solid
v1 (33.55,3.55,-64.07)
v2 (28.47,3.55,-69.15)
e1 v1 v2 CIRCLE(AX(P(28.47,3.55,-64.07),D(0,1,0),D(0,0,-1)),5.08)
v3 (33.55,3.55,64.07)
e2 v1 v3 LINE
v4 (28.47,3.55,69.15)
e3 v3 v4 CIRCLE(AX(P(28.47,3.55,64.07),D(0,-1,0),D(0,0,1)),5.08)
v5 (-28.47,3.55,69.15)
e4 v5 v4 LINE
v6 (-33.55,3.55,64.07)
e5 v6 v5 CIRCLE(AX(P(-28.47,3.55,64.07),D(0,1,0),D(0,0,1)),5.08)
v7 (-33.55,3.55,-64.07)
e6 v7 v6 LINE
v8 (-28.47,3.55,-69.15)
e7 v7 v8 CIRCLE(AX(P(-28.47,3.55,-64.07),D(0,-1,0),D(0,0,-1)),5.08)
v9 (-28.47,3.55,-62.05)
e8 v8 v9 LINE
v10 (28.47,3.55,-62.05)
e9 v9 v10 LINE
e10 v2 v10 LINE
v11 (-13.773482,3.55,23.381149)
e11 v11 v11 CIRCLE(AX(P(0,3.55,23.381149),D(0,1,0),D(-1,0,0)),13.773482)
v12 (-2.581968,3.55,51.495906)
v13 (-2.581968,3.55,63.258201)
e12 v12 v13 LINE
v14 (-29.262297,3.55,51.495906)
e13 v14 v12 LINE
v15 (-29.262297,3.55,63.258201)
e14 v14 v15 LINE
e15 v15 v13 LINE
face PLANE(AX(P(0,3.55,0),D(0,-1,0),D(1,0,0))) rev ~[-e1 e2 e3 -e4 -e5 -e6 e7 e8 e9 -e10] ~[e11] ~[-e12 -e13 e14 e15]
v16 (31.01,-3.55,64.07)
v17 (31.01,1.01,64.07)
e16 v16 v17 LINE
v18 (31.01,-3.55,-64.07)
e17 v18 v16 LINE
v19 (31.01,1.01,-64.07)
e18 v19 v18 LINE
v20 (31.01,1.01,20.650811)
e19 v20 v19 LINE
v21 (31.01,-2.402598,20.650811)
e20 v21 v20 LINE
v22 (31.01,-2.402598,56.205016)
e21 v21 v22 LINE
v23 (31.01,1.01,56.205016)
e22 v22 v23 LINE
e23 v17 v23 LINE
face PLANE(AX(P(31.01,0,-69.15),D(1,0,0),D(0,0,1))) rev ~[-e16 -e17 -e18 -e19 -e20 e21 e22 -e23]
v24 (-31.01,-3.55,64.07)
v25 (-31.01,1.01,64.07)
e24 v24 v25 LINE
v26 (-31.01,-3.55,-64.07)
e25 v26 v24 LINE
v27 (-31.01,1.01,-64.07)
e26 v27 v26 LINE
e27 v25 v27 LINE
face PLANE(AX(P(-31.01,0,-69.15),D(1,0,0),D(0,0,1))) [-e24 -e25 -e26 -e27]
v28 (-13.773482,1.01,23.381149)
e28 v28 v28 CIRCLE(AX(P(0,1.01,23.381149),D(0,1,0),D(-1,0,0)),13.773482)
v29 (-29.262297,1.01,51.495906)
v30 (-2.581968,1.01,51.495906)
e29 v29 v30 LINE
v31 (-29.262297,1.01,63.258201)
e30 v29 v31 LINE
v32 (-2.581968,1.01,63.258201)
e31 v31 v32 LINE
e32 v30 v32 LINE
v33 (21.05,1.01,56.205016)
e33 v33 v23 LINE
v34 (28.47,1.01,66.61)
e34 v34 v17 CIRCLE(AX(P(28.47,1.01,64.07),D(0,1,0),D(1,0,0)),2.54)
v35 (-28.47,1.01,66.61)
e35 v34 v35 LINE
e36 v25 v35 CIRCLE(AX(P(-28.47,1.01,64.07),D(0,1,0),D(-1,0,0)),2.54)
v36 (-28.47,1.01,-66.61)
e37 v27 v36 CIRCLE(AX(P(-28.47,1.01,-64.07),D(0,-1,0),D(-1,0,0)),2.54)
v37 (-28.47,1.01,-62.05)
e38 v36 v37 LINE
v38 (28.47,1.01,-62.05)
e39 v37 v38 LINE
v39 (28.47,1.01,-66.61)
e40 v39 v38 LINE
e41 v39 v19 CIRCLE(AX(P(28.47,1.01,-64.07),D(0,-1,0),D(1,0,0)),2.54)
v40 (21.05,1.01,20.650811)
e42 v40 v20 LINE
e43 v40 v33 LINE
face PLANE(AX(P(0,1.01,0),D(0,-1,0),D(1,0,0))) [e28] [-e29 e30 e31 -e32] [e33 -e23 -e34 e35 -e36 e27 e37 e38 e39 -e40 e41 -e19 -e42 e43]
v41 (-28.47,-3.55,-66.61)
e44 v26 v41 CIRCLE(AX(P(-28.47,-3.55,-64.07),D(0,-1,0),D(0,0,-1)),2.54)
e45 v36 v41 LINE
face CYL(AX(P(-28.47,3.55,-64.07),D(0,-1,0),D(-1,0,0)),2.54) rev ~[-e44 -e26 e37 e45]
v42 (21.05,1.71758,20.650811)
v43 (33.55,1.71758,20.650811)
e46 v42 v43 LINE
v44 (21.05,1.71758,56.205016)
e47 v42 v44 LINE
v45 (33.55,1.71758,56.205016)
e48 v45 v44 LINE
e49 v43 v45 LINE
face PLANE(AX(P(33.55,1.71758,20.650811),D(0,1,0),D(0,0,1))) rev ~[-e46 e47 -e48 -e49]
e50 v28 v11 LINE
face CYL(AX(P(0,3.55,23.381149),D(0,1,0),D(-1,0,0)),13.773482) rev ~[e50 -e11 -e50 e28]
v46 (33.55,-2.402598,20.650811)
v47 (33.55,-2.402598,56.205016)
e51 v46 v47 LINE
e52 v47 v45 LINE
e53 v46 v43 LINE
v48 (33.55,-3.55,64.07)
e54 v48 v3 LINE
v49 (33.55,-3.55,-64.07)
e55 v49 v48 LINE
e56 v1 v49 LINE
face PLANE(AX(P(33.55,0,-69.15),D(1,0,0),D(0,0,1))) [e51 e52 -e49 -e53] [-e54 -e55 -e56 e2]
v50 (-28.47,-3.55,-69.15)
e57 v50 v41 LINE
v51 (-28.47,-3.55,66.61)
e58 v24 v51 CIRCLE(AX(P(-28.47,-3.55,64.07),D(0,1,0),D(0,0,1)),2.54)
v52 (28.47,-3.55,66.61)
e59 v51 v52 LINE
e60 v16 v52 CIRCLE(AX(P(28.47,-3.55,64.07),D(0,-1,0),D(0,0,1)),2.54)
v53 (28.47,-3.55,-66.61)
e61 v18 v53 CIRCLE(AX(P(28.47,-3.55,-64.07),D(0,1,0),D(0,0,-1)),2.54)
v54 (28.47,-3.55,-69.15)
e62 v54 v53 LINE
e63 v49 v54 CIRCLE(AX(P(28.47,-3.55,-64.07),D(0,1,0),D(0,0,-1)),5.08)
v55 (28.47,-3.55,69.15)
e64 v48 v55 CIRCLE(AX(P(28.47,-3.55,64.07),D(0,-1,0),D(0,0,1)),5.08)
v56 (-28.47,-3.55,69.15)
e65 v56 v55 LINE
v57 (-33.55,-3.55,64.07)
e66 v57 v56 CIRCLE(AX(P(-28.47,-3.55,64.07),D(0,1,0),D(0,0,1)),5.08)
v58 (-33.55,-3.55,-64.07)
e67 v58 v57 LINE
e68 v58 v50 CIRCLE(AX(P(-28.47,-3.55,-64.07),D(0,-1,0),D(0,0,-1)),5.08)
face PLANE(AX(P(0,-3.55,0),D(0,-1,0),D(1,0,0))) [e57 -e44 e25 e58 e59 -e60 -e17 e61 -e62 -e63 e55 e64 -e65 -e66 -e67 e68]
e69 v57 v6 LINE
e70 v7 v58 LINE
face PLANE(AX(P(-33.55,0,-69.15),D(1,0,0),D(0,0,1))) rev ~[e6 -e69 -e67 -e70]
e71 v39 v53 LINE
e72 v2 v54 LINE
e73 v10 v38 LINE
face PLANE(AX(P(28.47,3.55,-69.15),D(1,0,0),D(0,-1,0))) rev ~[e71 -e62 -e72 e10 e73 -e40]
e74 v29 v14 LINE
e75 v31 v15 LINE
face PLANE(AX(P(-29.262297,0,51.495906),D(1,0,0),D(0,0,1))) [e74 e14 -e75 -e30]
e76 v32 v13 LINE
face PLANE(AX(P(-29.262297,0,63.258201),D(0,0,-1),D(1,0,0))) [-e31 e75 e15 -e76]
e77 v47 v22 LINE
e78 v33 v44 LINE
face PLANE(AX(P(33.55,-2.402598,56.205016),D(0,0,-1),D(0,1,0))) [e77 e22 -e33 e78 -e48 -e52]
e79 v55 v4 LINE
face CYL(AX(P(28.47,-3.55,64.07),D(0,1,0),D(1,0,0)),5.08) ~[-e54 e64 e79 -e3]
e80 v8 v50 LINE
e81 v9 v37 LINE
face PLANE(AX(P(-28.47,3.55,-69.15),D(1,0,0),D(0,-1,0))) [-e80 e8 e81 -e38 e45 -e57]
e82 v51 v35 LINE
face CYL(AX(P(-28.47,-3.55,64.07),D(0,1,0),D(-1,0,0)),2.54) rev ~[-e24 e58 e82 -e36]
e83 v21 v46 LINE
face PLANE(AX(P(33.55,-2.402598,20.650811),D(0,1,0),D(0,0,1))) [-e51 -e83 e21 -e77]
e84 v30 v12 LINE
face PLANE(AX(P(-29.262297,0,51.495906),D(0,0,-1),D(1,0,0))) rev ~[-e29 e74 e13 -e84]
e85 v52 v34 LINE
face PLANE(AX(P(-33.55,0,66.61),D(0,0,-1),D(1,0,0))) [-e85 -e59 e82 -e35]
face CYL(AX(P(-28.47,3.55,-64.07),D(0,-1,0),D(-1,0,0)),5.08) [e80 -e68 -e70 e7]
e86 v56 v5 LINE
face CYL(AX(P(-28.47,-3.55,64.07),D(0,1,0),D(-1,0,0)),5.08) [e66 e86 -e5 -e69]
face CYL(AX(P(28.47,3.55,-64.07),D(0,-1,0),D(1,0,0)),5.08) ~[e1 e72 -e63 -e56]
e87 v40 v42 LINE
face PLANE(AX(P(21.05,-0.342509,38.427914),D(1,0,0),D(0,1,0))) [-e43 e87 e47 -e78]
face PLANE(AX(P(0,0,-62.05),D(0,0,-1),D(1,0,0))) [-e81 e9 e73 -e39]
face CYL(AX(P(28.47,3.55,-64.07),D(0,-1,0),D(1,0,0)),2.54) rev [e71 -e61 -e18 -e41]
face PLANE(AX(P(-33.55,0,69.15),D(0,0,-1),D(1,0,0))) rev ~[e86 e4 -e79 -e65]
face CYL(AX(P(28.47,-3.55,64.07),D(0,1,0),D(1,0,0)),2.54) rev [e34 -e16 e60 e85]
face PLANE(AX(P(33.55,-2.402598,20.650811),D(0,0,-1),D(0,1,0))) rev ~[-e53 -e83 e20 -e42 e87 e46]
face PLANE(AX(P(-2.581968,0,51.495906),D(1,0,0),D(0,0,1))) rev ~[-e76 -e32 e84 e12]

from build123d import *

# Parameters (mm, degrees)
F0_W      = 67.1
F0_H      = 138.3
F1_DEPTH  = 3.55
F2_R      = 5.08
F3_T      = -2.54
F1_FACE_W = 56.94
F1_FACE_H = 7.1
F4_DEPTH  = 7.1
F5_W      = 26.680329
F5_H      = 11.762295
F6_DEPTH  = 25
F7_R      = 13.773482
F8_DEPTH  = 12.5
F9_W      = 4.120178
F9_H      = 35.554205
F10_DEPTH = 12.5


with BuildPart() as f1:
    # F0 (on Front) → F1 (new body, symmetric)
    with BuildSketch(Plane.XZ):
        Rectangle(F0_W, F0_H)
    extrude(amount=F1_DEPTH, both=True)

    # F2
    f2_edges = [f1.edges().sort_by_distance(p)[0] for p in [
        (33.55, 0, 69.15),
        (-33.55, 0, 69.15),
        (-33.55, 0, -69.15),
        (33.55, 0, -69.15),
    ]]
    fillet(f2_edges, radius=F2_R)

    # F3
    f3_openings = [f1.faces().sort_by_distance(p)[0] for p in [
        (0, -3.55, 0),
    ]]
    offset(amount=F3_T, openings=f3_openings)

    # F1_face (on face) → F4 (cut)
    with BuildSketch(Plane(origin=(0, 0, -69.15), x_dir=(1, 0, 0), z_dir=(0, 0, -1))):
        Rectangle(F1_FACE_W, F1_FACE_H)
    extrude(amount=-F4_DEPTH, mode=Mode.SUBTRACT)

    # F5 (on Front) → F6 (cut)
    with BuildSketch(Plane.XZ):
        with Locations((-15.922133, 57.377054)):
            Rectangle(F5_W, F5_H)
    extrude(amount=-F6_DEPTH, mode=Mode.SUBTRACT)

    # F7 (on face) → F8 (cut, symmetric)
    with BuildSketch(Plane(origin=(0, 3.55, 0), x_dir=(-1, 0, 0), z_dir=(0, 1, 0))):
        with Locations((0, 23.381149)):
            Circle(F7_R)
    extrude(amount=F8_DEPTH, both=True, mode=Mode.SUBTRACT)

    # F9 (on face) → F10 (cut, symmetric)
    with BuildSketch(Plane.YZ.offset(33.55)):
        with Locations((-0.342509, 38.427914)):
            Rectangle(F9_W, F9_H)
    extrude(amount=F10_DEPTH, both=True, mode=Mode.SUBTRACT)


solid = f1.part
